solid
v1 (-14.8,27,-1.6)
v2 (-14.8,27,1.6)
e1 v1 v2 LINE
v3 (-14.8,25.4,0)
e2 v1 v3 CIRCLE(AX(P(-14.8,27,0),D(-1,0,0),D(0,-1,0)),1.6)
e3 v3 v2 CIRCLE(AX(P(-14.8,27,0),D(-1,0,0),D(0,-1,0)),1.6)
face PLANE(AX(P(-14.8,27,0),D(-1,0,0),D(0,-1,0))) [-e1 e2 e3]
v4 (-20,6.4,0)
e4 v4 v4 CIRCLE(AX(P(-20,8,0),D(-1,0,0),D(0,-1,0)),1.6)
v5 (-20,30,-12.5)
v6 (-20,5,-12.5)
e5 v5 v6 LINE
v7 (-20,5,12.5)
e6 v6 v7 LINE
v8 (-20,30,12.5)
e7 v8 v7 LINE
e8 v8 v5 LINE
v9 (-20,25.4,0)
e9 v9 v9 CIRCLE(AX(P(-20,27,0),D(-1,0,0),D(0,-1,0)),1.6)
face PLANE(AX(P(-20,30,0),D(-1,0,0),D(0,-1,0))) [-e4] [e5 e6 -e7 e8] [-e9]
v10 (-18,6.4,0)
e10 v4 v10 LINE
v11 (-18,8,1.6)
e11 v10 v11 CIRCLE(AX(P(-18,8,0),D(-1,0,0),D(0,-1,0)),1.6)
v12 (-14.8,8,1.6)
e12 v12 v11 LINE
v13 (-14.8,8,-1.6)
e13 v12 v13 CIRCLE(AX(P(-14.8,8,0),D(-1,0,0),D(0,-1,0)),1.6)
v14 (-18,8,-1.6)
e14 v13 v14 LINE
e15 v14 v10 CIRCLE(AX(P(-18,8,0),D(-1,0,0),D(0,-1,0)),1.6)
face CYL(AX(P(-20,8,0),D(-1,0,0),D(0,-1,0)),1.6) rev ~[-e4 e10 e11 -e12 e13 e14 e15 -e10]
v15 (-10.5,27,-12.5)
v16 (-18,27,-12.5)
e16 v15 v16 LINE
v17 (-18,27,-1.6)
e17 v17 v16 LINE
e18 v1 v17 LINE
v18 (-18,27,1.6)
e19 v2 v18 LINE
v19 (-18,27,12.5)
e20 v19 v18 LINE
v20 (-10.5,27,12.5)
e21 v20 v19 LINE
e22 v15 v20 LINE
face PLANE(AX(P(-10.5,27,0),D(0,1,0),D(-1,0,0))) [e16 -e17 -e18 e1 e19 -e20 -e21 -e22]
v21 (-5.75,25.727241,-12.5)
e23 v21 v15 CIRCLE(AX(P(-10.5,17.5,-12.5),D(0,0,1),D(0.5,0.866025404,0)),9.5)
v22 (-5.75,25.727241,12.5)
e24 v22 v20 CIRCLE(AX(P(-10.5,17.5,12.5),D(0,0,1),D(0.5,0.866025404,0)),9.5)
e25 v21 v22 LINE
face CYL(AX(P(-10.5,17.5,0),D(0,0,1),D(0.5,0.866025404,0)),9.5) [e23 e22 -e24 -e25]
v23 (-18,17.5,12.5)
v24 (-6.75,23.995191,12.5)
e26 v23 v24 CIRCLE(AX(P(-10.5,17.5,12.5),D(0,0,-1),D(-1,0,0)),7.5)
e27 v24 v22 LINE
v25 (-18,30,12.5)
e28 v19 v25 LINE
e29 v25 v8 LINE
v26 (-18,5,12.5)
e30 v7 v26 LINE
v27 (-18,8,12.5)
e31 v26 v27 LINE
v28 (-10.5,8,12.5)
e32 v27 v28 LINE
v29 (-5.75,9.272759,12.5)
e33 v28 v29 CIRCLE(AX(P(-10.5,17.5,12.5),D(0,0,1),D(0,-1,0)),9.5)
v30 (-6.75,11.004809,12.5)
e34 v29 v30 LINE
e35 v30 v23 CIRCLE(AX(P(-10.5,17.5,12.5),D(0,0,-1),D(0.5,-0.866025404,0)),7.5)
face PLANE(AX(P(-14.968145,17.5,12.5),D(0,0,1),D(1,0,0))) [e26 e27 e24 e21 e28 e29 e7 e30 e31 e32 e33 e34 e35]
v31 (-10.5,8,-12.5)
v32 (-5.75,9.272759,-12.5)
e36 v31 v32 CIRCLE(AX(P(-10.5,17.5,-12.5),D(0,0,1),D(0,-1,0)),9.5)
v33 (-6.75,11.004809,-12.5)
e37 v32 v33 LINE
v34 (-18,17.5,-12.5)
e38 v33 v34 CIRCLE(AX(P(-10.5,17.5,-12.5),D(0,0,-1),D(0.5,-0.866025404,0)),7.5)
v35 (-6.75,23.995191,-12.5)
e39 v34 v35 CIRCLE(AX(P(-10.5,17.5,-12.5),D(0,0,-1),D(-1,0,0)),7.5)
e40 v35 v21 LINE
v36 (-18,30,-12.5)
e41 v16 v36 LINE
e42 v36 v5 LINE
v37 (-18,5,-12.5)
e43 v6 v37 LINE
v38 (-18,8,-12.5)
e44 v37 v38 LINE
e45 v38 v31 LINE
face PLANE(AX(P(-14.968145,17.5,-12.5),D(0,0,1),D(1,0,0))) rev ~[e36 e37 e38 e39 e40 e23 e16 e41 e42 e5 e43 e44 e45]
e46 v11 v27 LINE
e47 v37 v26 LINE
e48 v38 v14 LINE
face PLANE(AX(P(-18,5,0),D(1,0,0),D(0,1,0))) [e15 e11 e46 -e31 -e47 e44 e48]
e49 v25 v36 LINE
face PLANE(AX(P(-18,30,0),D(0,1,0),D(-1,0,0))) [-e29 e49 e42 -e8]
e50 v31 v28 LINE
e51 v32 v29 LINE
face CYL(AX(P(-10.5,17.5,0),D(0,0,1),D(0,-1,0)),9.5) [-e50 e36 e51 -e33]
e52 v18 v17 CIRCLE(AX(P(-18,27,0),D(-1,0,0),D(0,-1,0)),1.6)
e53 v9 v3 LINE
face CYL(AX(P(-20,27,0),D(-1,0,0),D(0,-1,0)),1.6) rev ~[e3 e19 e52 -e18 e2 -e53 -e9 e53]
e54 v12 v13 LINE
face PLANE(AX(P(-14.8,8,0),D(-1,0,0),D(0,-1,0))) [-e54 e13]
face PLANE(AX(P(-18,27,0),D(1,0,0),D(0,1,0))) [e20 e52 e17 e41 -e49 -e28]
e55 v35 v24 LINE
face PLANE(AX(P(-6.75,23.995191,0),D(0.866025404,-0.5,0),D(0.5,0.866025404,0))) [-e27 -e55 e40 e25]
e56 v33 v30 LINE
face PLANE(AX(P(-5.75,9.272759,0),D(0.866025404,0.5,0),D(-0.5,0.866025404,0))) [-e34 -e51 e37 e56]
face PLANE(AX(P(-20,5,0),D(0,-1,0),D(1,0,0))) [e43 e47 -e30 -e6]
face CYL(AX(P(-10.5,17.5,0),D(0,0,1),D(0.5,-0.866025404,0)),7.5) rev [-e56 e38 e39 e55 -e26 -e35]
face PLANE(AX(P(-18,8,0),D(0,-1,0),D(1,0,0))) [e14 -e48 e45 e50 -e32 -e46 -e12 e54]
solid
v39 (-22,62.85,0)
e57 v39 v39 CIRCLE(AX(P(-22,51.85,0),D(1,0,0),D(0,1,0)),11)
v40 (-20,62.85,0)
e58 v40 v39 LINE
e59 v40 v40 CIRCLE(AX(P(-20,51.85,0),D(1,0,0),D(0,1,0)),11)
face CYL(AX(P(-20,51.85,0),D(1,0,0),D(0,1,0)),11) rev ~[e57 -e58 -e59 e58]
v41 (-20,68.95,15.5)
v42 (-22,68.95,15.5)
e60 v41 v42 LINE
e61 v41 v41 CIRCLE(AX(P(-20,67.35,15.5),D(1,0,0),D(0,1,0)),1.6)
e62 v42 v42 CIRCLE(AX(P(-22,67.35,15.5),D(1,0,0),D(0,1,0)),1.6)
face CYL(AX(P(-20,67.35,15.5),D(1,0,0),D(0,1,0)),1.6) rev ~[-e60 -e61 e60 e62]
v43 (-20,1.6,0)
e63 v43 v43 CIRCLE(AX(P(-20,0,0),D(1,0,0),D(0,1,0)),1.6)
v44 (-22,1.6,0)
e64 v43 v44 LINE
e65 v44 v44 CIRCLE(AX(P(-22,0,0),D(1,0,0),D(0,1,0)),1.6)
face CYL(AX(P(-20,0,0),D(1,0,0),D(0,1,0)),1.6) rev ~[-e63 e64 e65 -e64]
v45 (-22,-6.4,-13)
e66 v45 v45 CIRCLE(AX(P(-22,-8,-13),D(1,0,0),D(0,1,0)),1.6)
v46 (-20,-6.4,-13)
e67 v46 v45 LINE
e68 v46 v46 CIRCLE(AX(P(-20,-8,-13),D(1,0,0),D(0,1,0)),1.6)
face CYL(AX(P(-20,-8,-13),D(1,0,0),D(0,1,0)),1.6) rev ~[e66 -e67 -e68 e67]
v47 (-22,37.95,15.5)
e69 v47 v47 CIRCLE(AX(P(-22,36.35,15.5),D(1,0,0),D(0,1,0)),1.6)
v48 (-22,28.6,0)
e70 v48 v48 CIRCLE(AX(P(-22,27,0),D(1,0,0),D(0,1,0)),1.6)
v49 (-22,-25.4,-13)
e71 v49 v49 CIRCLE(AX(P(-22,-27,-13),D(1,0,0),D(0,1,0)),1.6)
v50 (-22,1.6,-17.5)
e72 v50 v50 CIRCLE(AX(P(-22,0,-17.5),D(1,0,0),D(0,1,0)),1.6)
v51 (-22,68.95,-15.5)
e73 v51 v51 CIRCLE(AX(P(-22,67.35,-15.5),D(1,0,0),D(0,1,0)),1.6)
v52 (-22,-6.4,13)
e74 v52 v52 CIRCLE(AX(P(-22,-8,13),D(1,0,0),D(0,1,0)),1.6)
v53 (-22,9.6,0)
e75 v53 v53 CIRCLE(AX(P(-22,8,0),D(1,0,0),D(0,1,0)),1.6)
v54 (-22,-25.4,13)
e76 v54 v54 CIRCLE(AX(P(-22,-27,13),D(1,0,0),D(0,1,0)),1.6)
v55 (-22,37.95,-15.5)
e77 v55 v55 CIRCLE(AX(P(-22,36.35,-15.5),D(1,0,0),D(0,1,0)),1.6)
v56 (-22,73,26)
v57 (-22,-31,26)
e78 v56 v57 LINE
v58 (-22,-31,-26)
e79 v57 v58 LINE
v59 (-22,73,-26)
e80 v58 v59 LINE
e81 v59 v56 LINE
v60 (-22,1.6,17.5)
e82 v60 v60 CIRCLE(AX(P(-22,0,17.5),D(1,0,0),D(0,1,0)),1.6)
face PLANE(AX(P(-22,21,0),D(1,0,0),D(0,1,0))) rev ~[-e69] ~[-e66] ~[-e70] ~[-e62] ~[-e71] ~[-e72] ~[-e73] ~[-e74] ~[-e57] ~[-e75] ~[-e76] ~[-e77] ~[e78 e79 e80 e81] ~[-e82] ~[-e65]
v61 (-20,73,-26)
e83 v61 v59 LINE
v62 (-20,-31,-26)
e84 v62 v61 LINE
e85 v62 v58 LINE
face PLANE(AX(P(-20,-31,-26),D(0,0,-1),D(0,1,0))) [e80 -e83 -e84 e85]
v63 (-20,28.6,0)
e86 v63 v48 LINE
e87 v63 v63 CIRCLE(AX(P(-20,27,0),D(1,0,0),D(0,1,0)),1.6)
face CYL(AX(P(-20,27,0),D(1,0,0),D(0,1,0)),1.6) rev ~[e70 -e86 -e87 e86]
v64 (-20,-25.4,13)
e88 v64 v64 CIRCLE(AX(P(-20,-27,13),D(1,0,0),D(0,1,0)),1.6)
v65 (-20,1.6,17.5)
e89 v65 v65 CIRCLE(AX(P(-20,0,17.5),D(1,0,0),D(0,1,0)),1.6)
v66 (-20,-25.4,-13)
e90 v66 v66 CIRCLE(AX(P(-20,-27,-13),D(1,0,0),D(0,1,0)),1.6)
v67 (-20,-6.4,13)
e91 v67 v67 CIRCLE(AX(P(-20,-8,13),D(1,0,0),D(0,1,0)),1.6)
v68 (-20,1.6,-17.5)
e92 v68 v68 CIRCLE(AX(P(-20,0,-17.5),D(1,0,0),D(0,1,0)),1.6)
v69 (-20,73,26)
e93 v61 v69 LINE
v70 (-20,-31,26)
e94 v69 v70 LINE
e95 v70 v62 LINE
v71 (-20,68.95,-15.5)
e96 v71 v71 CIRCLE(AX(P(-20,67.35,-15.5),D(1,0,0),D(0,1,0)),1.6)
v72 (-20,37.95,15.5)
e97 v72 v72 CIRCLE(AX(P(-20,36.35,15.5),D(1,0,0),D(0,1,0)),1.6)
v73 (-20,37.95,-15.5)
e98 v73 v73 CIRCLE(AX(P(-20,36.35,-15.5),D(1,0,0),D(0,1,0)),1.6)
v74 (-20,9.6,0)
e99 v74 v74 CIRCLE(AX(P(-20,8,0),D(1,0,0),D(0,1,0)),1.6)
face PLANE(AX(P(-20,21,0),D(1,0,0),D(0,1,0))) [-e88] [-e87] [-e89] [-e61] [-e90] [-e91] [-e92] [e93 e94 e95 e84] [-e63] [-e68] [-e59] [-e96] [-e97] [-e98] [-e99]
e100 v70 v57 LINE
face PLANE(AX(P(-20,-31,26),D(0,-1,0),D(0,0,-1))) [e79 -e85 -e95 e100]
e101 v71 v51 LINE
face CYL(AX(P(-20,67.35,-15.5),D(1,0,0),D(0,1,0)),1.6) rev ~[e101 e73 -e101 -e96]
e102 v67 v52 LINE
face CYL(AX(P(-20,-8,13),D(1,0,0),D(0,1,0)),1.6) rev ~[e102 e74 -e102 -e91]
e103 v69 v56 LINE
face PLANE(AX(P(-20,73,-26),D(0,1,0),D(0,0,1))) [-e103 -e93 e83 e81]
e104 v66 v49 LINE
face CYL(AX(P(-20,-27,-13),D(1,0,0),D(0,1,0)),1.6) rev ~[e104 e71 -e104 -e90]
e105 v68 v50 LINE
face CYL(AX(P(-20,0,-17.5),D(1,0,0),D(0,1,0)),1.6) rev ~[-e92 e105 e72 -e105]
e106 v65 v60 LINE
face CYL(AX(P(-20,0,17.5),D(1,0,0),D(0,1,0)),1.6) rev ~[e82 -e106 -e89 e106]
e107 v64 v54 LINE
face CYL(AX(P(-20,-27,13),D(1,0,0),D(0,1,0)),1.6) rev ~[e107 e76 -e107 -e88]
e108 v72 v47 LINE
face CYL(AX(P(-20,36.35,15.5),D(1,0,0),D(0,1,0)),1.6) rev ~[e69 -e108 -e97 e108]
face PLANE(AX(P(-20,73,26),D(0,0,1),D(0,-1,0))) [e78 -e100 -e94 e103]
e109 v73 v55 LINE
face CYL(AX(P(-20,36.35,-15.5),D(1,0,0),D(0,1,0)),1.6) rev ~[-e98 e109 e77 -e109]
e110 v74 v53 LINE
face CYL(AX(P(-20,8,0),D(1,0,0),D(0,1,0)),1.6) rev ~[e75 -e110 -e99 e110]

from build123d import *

# Parameters (mm, degrees)
F5_DEPTH = 12.5
F6_R     = 1.6
F7_DEPTH = 5.2
F4_R     = 1.6
F4_R_2   = 11
F8_DEPTH = 2


with BuildPart() as f5:
    # F1 (on Top) → F5 (new body, symmetric)
    with BuildSketch(Plane.XY):
        with BuildLine():
            Line((-20, 30), (-20, 17.5))
            Line((-20, 17.5), (-20, 5))
            Line((-20, 5), (-18, 5))
            Line((-18, 5), (-18, 8))
            Line((-18, 8), (-10.5, 8))
            ThreePointArc((-10.5, 8), (-8.0412190715, 8.3237046503), (-5.75, 9.272758664))
            Line((-5.75, 9.272758664), (-6.75, 11.0048094716))
            ThreePointArc((-6.75, 11.0048094716), (-14.25, 11.0048094716), (-18, 17.5))
            ThreePointArc((-18, 17.5), (-14.25, 23.9951905284), (-6.75, 23.9951905284))
            Line((-6.75, 23.9951905284), (-5.75, 25.727241336))
            ThreePointArc((-5.75, 25.727241336), (-8.0412190715, 26.6762953497), (-10.5, 27))
            Line((-10.5, 27), (-18, 27))
            Line((-18, 27), (-18, 30))
            Line((-18, 30), (-20, 30))
        make_face()
    extrude(amount=F5_DEPTH, both=True)

    # F6 (on face) → F7 (cut)
    with BuildSketch(Plane(origin=(-20, 0, 0), x_dir=(0, -1, 0), z_dir=(-1, 0, 0))):
        with Locations((-27, 0)):
            Circle(F6_R)
        with Locations((-8, 0)):
            Circle(F6_R)
    extrude(amount=-F7_DEPTH, mode=Mode.SUBTRACT)


with BuildPart() as f8:
    # F4 (on line) → F8 (new body)
    with BuildSketch(Plane.YZ.offset(-20)):
        Polygon((30, 26), (-30, 26), (-31, 26), (-31, -26), (-30, -26), (30, -26), (73, -26), (73, 26), align=None)
        with Locations((0, -17.5)):
            Circle(F4_R, mode=Mode.SUBTRACT)
        with Locations((-27, -13)):
            Circle(F4_R, mode=Mode.SUBTRACT)
        with Locations((-8, -13)):
            Circle(F4_R, mode=Mode.SUBTRACT)
        with Locations((36.35, -15.5)):
            Circle(F4_R, mode=Mode.SUBTRACT)
        with Locations((67.35, -15.5)):
            Circle(F4_R, mode=Mode.SUBTRACT)
        Circle(F4_R, mode=Mode.SUBTRACT)
        with Locations((8, 0)):
            Circle(F4_R, mode=Mode.SUBTRACT)
        with Locations((-27, 13)):
            Circle(F4_R, mode=Mode.SUBTRACT)
        with Locations((-8, 13)):
            Circle(F4_R, mode=Mode.SUBTRACT)
        with Locations((0, 17.5)):
            Circle(F4_R, mode=Mode.SUBTRACT)
        with Locations((27, 0)):
            Circle(F4_R, mode=Mode.SUBTRACT)
        with Locations((51.85, 0)):
            Circle(F4_R_2, mode=Mode.SUBTRACT)
        with Locations((36.35, 15.5)):
            Circle(F4_R, mode=Mode.SUBTRACT)
        with Locations((67.35, 15.5)):
            Circle(F4_R, mode=Mode.SUBTRACT)
    extrude(amount=-F8_DEPTH)


solid = Compound([f5.part, f8.part])
